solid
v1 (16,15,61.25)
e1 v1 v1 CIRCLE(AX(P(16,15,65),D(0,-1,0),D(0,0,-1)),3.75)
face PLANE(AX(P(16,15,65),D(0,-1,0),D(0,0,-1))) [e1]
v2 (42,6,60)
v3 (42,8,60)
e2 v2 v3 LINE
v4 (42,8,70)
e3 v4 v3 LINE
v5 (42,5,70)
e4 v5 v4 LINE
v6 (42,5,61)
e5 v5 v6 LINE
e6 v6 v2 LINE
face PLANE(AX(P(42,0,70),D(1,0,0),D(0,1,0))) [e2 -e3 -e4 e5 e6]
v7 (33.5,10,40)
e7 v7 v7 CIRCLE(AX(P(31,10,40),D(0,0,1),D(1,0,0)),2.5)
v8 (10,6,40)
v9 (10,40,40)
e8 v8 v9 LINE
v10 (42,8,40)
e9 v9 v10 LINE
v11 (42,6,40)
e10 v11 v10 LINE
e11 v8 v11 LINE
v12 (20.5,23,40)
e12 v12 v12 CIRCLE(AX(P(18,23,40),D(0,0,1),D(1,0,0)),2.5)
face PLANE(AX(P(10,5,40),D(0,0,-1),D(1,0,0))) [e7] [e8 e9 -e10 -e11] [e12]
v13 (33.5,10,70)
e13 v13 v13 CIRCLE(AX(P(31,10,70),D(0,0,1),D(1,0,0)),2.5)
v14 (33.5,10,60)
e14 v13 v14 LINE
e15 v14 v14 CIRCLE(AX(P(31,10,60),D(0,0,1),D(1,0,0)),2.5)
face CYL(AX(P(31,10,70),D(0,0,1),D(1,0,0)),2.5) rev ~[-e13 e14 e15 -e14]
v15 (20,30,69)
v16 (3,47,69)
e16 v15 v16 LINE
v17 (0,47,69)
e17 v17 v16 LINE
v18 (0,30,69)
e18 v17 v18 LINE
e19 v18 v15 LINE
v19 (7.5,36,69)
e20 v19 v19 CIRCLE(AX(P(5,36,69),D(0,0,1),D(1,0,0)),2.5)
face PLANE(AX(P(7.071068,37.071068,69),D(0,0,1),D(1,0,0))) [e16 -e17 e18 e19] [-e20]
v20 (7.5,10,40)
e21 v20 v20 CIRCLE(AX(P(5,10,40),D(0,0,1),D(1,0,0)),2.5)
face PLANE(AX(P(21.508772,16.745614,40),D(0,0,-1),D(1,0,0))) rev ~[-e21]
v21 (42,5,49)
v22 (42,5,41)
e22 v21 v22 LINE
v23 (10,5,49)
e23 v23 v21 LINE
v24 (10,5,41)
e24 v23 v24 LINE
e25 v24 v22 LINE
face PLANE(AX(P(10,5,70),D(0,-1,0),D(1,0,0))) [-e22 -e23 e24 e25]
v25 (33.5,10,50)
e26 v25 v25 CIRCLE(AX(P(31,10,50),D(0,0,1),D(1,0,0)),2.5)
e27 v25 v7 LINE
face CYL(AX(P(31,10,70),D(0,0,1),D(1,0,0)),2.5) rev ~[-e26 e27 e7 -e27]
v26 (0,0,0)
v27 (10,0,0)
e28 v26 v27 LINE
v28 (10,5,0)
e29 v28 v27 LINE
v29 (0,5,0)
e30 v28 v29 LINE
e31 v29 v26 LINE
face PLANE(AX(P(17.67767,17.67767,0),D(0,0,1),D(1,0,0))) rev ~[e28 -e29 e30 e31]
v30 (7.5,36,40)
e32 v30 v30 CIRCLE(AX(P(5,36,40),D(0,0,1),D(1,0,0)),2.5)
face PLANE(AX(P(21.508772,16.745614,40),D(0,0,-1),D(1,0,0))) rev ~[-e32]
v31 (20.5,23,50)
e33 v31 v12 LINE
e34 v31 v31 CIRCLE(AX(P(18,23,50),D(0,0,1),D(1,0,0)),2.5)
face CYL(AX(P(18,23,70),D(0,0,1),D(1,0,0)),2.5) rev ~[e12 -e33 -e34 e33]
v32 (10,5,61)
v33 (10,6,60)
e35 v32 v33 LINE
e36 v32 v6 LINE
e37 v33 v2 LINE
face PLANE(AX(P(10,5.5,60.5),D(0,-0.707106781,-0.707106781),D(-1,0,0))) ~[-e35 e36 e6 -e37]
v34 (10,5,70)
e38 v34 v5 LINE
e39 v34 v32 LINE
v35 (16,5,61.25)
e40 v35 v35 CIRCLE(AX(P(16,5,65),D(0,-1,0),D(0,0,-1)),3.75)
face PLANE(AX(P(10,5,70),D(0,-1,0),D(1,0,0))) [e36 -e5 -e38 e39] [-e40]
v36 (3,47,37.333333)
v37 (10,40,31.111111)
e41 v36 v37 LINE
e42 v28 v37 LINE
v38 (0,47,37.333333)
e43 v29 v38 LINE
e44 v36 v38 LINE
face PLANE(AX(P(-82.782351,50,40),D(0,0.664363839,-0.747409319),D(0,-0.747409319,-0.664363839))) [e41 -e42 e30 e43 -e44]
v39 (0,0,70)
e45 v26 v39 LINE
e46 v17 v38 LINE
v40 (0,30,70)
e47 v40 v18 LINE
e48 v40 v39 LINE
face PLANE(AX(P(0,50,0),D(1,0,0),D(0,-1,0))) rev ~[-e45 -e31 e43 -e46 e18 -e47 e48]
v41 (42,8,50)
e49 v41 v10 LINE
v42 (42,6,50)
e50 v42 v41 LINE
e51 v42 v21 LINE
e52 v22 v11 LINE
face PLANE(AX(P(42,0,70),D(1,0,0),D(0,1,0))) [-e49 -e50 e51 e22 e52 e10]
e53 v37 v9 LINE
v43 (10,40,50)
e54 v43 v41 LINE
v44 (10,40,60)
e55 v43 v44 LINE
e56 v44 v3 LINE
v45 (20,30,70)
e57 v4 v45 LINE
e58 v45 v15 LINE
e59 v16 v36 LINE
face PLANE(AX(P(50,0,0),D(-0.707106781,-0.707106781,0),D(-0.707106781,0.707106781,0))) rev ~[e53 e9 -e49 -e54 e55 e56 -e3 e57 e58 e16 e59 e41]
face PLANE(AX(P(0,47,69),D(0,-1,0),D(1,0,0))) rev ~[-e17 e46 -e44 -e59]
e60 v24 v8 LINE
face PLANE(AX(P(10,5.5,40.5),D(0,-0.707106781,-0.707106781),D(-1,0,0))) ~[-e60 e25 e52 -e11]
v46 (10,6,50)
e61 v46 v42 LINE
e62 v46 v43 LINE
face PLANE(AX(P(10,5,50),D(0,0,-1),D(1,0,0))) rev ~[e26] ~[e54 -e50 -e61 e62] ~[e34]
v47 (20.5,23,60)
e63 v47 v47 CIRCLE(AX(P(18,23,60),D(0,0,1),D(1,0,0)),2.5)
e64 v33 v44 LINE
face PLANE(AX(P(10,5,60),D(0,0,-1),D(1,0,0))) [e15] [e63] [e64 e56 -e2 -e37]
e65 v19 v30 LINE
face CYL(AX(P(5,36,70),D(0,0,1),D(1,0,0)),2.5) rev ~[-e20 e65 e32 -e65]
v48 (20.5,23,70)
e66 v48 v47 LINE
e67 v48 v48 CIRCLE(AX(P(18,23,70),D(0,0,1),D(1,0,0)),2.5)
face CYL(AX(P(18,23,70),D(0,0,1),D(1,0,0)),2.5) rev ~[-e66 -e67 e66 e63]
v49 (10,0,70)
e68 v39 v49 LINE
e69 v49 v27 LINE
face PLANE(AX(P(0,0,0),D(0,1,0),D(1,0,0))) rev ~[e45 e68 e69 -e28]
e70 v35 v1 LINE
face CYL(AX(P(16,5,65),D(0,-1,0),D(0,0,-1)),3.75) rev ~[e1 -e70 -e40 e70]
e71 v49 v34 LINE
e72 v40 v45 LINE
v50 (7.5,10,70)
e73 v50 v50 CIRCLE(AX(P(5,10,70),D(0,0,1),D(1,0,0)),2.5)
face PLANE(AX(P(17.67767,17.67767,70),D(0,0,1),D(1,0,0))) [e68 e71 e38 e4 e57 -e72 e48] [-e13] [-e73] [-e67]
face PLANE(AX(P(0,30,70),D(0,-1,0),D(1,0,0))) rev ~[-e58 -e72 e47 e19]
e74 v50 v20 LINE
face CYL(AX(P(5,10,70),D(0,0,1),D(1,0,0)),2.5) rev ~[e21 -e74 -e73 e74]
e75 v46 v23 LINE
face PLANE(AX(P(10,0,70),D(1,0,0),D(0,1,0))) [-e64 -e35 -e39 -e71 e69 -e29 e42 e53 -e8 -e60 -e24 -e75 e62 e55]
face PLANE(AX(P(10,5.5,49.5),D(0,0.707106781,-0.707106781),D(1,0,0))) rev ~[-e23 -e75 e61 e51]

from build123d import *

# Parameters (mm, degrees)
EXTRUDE_1_DEPTH          = 70
CUT_EXTRUDE_1_DEPTH      = 100.498743711
SKETCH_4_W               = 45.819685342
SKETCH_4_H               = 5
CUT_EXTRUDE_2_DEPTH      = 96.72878355
SKETCH_5_W               = 32
SKETCH_5_H               = 10
SKETCH_5_H_2             = 40
CUT_EXTRUDE_3_DEPTH      = 94.214805691
CUT_EXTRUDE_4_DEPTH      = 1
SKETCH_7_R               = 3.75
CUT_EXTRUDE_5_DEPTH      = 10
CUT_EXTRUDE_6_REACH      = 97.729
SKETCH_8_R               = 2.5
CUT_EXTRUDE_7_DEPTH      = 92.782351245
CUT_EXTRUDE_7_DEPTH_BACK = 92.782351245
CUT_EXTRUDE_8_DEPTH      = 96
CHAMFER_1_SIZE           = 1


with BuildPart() as part:
    # 草图1 → 拉伸1 (new body)
    with BuildSketch(Plane.XY):
        Polygon((0, 0), (50, 0), (0, 50), align=None)
    extrude(amount=EXTRUDE_1_DEPTH)

    # 草图3 → 切除-拉伸1 (cut, through all)
    with BuildSketch(Plane.XY.offset(70)):
        Polygon((50, 0), (42, 0), (42, 8), align=None)
    extrude(amount=-CUT_EXTRUDE_1_DEPTH, mode=Mode.SUBTRACT)

    # 草图4 → 切除-拉伸2 (cut, through all)
    with BuildSketch(Plane.XY.offset(70)):
        with Locations((32.909842671, 2.5)):
            Rectangle(SKETCH_4_W, SKETCH_4_H)
    extrude(amount=-CUT_EXTRUDE_2_DEPTH, mode=Mode.SUBTRACT)

    # 草图5 → 切除-拉伸3 (cut, through all)
    with BuildSketch(Plane.XZ.offset(-5)):
        with Locations((26, 55)):
            Rectangle(SKETCH_5_W, SKETCH_5_H)
        with Locations((26, 20)):
            Rectangle(SKETCH_5_W, SKETCH_5_H_2)
    extrude(amount=-CUT_EXTRUDE_3_DEPTH, mode=Mode.SUBTRACT)

    # 草图6 → 切除-拉伸4 (cut)
    with BuildSketch(Plane.XY.offset(70)):
        Polygon((0, 50), (0, 30), (20, 30), align=None)
    extrude(amount=-CUT_EXTRUDE_4_DEPTH, mode=Mode.SUBTRACT)

    # 草图7 → 切除-拉伸5 (cut)
    with BuildSketch(Plane.XZ.offset(-5)):
        with Locations(Location((16, 65, 0), (0, 0, 270))):
            Circle(SKETCH_7_R)
    extrude(amount=-CUT_EXTRUDE_5_DEPTH, mode=Mode.SUBTRACT)

    # 切除-拉伸6: up to this face of the body (flat: up to its plane)
    cut_extrude_6_end = Plane(part.part.faces().sort_by_distance((21.50877193, 16.745614035, 40))[0])
    # 草图8 → 切除-拉伸6 (cut, up to the picked face)
    with BuildSketch(Plane.XY.offset(70), mode=Mode.PRIVATE) as cut_extrude_6_sk1:
        with Locations((5, 36)):
            Circle(SKETCH_8_R)
    cut_extrude_6_tool1 = split(extrude(cut_extrude_6_sk1.sketch, amount=-CUT_EXTRUDE_6_REACH, mode=Mode.PRIVATE), bisect_by=cut_extrude_6_end, keep=Keep.BOTH, mode=Mode.PRIVATE)
    # 草图8 → 切除-拉伸6 (cut, up to the picked face)
    with BuildSketch(Plane.XY.offset(70), mode=Mode.PRIVATE) as cut_extrude_6_sk2:
        with Locations((5, 10)):
            Circle(SKETCH_8_R)
    cut_extrude_6_tool2 = split(extrude(cut_extrude_6_sk2.sketch, amount=-CUT_EXTRUDE_6_REACH, mode=Mode.PRIVATE), bisect_by=cut_extrude_6_end, keep=Keep.BOTH, mode=Mode.PRIVATE)
    # 草图8 → 切除-拉伸6 (cut, up to the picked face)
    with BuildSketch(Plane.XY.offset(70), mode=Mode.PRIVATE) as cut_extrude_6_sk3:
        with Locations((31, 10)):
            Circle(SKETCH_8_R)
    cut_extrude_6_tool3 = split(extrude(cut_extrude_6_sk3.sketch, amount=-CUT_EXTRUDE_6_REACH, mode=Mode.PRIVATE), bisect_by=cut_extrude_6_end, keep=Keep.BOTH, mode=Mode.PRIVATE)
    # 草图8 → 切除-拉伸6 (cut, up to the picked face)
    with BuildSketch(Plane.XY.offset(70), mode=Mode.PRIVATE) as cut_extrude_6_sk4:
        with Locations((18, 23)):
            Circle(SKETCH_8_R)
    cut_extrude_6_tool4 = split(extrude(cut_extrude_6_sk4.sketch, amount=-CUT_EXTRUDE_6_REACH, mode=Mode.PRIVATE), bisect_by=cut_extrude_6_end, keep=Keep.BOTH, mode=Mode.PRIVATE)
    add(cut_extrude_6_tool1.solids().sort_by(Axis((5, 36, 70), (0, 0, -1)))[0], mode=Mode.SUBTRACT)
    add(cut_extrude_6_tool2.solids().sort_by(Axis((5, 10, 70), (0, 0, -1)))[0], mode=Mode.SUBTRACT)
    add(cut_extrude_6_tool3.solids().sort_by(Axis((31, 10, 70), (0, 0, -1)))[0], mode=Mode.SUBTRACT)
    add(cut_extrude_6_tool4.solids().sort_by(Axis((18, 23, 70), (0, 0, -1)))[0], mode=Mode.SUBTRACT)

    # 草图9 → 切除-拉伸7 (cut, two sides: drawn at the far end of the back side and taken through both)
    with BuildSketch(Plane(origin=(10, 0, 0), x_dir=(0, 0, -1), z_dir=(1, 0, 0)).offset(-CUT_EXTRUDE_7_DEPTH_BACK)):
        Polygon((182.046505341, 50), (0, 50), (-40, 50), (0, 5), (120.945115134, -131.063254526), (465.924736836, -247.479666759), (527.026127043, -66.416412233), align=None)
    extrude(amount=CUT_EXTRUDE_7_DEPTH + CUT_EXTRUDE_7_DEPTH_BACK, mode=Mode.SUBTRACT)

    # 草图10 → 切除-拉伸8 (cut, through all)
    with BuildSketch(Plane.XY.offset(69)):
        Polygon((0, 50), (0, 47), (3, 47), align=None)
    extrude(amount=-CUT_EXTRUDE_8_DEPTH, mode=Mode.SUBTRACT)

    # 倒角1
    chamfer_1_edges = [part.edges().sort_by_distance(p)[0] for p in [
        (26, 5, 60),
        (26, 5, 50),
        (26, 5, 40),
    ]]
    chamfer(chamfer_1_edges, length=CHAMFER_1_SIZE)


solid = part.part
